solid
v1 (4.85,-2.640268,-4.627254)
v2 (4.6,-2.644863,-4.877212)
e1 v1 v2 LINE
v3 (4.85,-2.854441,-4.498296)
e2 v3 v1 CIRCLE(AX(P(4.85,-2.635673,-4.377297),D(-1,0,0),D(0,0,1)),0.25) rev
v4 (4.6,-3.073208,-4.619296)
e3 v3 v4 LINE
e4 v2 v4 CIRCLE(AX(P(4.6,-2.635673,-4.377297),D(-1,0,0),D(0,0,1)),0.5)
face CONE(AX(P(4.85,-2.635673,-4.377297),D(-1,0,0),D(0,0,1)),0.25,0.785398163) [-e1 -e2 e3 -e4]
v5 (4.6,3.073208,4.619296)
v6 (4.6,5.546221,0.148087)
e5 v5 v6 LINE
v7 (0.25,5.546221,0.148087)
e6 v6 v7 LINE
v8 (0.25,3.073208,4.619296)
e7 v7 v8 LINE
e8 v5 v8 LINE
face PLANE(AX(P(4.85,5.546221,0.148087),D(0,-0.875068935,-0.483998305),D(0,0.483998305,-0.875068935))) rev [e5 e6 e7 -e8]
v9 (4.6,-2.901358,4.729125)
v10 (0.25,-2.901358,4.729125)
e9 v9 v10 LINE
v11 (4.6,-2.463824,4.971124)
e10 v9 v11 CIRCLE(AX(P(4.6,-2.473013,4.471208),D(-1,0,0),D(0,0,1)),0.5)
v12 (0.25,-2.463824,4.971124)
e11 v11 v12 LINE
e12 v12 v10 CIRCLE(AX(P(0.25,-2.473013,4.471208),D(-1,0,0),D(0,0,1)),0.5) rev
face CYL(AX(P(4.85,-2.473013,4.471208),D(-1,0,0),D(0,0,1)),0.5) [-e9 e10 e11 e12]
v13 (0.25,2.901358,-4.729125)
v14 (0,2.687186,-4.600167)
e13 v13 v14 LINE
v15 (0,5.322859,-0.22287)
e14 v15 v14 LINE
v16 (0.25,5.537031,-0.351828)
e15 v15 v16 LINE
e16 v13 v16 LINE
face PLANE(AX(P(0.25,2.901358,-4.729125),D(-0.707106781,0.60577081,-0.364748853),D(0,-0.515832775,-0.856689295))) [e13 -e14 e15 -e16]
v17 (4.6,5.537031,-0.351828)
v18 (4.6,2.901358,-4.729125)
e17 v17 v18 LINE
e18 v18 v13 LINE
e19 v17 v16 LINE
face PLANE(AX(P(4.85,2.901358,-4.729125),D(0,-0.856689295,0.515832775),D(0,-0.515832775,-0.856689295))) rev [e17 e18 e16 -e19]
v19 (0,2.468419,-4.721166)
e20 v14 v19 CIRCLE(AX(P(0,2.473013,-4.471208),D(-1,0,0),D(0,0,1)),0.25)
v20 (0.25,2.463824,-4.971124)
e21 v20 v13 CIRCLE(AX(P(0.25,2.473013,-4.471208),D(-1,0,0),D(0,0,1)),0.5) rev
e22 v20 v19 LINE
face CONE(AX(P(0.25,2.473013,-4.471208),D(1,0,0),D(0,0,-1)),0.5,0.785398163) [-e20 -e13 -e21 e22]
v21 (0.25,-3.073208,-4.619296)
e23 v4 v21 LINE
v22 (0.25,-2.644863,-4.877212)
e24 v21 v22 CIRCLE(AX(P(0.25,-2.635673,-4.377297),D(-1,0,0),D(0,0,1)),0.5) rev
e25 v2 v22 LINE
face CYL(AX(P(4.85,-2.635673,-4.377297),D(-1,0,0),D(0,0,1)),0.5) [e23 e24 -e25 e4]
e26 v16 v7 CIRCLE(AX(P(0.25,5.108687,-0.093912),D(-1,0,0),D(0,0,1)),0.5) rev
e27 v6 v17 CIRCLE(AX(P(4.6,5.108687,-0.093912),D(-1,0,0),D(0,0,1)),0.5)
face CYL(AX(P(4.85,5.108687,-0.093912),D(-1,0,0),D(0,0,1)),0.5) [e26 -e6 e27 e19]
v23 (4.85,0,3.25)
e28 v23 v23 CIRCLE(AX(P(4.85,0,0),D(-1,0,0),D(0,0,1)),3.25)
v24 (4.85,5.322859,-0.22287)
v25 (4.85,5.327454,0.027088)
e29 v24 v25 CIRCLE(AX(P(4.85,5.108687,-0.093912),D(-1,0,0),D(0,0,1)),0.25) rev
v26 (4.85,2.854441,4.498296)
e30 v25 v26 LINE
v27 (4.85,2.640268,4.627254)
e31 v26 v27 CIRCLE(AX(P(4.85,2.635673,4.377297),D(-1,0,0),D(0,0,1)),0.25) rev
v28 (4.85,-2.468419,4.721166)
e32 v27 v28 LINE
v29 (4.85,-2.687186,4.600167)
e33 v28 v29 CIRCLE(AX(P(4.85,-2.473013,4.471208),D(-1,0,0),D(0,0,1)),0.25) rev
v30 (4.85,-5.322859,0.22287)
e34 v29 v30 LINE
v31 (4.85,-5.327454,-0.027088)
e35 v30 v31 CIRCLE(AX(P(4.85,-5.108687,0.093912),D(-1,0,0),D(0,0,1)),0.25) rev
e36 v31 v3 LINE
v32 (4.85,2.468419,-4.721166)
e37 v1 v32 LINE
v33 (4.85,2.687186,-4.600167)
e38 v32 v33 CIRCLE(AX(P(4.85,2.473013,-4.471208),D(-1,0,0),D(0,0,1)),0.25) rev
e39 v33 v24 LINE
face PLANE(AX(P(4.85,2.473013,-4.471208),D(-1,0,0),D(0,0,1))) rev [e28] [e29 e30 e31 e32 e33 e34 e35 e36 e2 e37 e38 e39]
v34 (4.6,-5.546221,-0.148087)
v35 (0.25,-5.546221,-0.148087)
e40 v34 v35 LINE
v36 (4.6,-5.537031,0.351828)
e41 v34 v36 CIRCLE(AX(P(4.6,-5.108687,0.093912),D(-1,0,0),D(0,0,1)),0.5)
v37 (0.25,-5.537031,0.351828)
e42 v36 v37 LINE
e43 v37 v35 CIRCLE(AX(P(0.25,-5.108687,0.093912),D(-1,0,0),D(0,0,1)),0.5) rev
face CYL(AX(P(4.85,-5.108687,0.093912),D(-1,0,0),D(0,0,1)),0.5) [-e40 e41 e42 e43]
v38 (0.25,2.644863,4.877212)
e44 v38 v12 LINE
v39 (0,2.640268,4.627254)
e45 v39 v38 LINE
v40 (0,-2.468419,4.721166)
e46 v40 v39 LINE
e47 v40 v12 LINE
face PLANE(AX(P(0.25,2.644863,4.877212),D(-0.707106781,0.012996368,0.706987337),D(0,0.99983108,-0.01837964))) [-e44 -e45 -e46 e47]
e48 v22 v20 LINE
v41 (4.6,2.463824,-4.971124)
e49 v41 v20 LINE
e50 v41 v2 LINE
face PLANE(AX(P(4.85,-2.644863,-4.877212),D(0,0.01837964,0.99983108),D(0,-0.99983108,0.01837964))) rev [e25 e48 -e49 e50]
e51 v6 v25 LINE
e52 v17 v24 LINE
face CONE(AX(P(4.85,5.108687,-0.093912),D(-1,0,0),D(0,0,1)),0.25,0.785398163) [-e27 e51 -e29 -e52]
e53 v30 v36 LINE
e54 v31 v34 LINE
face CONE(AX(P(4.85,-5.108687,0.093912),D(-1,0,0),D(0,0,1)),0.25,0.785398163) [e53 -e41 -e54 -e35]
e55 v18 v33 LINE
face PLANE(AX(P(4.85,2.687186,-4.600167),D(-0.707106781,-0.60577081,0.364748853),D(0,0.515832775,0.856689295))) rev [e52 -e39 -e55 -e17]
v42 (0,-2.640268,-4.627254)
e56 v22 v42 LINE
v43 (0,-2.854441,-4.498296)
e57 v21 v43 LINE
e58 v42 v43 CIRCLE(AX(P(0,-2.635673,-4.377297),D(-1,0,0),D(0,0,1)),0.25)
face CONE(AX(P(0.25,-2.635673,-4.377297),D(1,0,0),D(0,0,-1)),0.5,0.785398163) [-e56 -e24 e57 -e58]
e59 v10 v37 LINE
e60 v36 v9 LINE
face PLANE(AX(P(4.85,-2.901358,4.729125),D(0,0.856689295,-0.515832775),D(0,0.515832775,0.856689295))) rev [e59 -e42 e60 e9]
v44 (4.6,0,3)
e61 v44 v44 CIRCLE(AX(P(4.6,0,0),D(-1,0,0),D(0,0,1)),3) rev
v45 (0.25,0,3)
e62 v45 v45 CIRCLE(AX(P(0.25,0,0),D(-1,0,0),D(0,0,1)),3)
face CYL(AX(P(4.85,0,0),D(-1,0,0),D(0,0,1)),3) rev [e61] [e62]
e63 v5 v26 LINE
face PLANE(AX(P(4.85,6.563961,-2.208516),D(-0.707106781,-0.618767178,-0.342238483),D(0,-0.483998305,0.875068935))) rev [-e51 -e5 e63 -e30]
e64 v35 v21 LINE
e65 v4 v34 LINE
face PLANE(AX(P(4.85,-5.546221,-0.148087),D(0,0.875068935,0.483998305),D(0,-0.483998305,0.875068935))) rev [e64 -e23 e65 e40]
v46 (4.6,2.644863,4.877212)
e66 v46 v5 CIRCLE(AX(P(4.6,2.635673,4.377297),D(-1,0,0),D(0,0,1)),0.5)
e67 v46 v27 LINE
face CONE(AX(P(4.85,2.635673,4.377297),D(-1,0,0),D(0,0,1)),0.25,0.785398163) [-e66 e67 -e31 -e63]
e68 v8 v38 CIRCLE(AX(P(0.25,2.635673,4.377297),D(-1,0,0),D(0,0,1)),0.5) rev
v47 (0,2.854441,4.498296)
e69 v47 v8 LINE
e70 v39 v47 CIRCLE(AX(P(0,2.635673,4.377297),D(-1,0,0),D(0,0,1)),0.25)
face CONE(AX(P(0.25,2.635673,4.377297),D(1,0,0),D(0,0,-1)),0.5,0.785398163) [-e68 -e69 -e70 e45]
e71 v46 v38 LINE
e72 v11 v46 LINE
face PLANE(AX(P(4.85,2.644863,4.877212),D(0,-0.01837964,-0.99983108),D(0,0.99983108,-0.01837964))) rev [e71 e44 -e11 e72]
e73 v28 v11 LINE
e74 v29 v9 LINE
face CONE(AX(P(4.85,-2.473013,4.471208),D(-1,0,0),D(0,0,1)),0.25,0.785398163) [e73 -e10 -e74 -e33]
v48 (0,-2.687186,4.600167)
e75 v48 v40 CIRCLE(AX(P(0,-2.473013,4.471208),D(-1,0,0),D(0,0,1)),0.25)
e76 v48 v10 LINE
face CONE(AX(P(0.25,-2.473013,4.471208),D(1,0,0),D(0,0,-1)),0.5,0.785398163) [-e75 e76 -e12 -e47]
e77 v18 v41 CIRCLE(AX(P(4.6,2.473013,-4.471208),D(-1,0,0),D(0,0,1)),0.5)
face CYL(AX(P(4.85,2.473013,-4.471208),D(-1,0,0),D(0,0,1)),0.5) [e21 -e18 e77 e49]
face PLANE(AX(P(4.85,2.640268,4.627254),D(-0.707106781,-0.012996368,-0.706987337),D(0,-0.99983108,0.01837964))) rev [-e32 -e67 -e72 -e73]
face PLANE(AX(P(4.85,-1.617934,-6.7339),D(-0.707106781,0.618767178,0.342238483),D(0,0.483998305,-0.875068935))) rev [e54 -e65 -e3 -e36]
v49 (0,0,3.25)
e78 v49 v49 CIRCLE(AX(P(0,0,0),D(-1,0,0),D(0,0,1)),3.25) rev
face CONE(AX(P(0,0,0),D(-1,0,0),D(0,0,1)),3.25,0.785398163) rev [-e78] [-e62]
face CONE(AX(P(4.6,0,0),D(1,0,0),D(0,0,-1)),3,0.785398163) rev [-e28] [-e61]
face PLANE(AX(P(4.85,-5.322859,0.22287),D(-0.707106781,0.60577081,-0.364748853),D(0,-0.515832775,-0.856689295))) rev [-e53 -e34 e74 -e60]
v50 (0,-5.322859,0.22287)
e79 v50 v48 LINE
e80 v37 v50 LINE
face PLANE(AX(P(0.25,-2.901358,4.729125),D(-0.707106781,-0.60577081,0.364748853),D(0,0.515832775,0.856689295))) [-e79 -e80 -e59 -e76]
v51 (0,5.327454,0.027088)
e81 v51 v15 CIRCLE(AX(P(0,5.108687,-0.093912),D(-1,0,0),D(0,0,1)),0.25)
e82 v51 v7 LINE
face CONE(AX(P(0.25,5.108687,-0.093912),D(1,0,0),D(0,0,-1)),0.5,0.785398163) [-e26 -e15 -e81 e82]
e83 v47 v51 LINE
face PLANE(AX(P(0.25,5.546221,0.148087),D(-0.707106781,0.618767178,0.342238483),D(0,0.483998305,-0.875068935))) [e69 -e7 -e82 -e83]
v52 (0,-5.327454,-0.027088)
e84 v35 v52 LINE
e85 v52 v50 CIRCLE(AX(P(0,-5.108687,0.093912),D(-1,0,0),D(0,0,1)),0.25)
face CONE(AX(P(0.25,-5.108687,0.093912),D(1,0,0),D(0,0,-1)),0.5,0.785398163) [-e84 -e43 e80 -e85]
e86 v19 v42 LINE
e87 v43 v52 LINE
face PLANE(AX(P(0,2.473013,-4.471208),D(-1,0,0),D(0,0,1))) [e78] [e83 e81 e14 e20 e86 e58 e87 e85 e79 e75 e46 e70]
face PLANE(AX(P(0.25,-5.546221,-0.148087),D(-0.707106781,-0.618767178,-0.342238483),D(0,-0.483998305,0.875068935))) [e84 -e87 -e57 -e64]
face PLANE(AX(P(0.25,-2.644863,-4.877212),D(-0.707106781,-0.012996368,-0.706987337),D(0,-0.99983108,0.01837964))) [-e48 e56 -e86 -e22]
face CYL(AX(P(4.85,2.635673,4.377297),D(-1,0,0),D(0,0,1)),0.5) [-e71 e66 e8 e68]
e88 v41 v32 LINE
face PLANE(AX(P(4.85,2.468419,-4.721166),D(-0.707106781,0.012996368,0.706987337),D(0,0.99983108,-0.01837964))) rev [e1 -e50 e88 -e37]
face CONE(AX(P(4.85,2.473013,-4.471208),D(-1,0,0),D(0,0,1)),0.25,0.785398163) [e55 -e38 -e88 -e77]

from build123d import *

# Parameters (mm, degrees)
SKETCH1_R           = 3
BOSS_EXTRUDE1_DEPTH = 4.85
CHAMFER1_SIZE       = 0.25


with BuildPart() as part:
    # Sketch1 → Boss-Extrude1 (new body)
    with BuildSketch(Plane(origin=(0, 0, 0), x_dir=(0, 0, -1), z_dir=(1, 0, 0))):
        with BuildLine():
            Line((4.729124762, 2.901358129), (0.351828076, 5.537031425))
            ThreePointArc((0.351828076, 5.537031425), (0.103101508, 5.608602318), (-0.148087464, 5.546221245))
            Line((-0.148087464, 5.546221245), (-4.619295838, 3.073207764))
            ThreePointArc((-4.619295838, 3.073207764), (-4.805641333, 2.893589685), (-4.877212226, 2.644863117))
            Line((-4.877212226, 2.644863117), (-4.971123914, -2.463823661))
            ThreePointArc((-4.971123914, -2.463823661), (-4.908742841, -2.715012633), (-4.729124762, -2.901358129))
            Line((-4.729124762, -2.901358129), (-0.351828076, -5.537031425))
            ThreePointArc((-0.351828076, -5.537031425), (-0.103101508, -5.608602318), (0.148087464, -5.546221245))
            Line((0.148087464, -5.546221245), (4.619295838, -3.073207764))
            ThreePointArc((4.619295838, -3.073207764), (4.805641333, -2.893589685), (4.877212226, -2.644863117))
            Line((4.877212226, -2.644863117), (4.971123914, 2.463823661))
            ThreePointArc((4.971123914, 2.463823661), (4.908742841, 2.715012633), (4.729124762, 2.901358129))
        make_face()
        Circle(SKETCH1_R, mode=Mode.SUBTRACT)
    extrude(amount=BOSS_EXTRUDE1_DEPTH)

    # Chamfer1
    chamfer1_edges = [part.edges().sort_by_distance(p)[0] for p in [
        (4.85, 5.608602318, -0.103101508),
        (0, -0.090519728, -4.92416807),
        (0, -2.893589685, -4.805641333),
        (0, -4.309714505, -2.383691651),
        (0, -5.608602318, 0.103101508),
        (0, -4.219194777, 2.540476419),
        (0, -2.715012633, 4.908742841),
        (4.85, 4.309714505, 2.383691651),
        (0, 0.090519728, 4.92416807),
        (0, 2.893589685, 4.805641333),
        (0, 4.309714505, 2.383691651),
        (0, 5.608602318, -0.103101508),
        (0, 4.219194777, -2.540476419),
        (0, 2.715012633, -4.908742841),
        (4.85, 2.893589685, 4.805641333),
        (4.85, 0.090519728, 4.92416807),
        (4.85, -2.715012633, 4.908742841),
        (4.85, -4.219194777, 2.540476419),
        (4.85, -5.608602318, 0.103101508),
        (0, 0, 3),
        (4.85, 0, 3),
        (4.85, -4.309714505, -2.383691651),
        (4.85, -2.893589685, -4.805641333),
        (4.85, -0.090519728, -4.92416807),
        (4.85, 2.715012633, -4.908742841),
        (4.85, 4.219194777, -2.540476419),
    ]]
    chamfer(chamfer1_edges, length=CHAMFER1_SIZE)


solid = part.part
